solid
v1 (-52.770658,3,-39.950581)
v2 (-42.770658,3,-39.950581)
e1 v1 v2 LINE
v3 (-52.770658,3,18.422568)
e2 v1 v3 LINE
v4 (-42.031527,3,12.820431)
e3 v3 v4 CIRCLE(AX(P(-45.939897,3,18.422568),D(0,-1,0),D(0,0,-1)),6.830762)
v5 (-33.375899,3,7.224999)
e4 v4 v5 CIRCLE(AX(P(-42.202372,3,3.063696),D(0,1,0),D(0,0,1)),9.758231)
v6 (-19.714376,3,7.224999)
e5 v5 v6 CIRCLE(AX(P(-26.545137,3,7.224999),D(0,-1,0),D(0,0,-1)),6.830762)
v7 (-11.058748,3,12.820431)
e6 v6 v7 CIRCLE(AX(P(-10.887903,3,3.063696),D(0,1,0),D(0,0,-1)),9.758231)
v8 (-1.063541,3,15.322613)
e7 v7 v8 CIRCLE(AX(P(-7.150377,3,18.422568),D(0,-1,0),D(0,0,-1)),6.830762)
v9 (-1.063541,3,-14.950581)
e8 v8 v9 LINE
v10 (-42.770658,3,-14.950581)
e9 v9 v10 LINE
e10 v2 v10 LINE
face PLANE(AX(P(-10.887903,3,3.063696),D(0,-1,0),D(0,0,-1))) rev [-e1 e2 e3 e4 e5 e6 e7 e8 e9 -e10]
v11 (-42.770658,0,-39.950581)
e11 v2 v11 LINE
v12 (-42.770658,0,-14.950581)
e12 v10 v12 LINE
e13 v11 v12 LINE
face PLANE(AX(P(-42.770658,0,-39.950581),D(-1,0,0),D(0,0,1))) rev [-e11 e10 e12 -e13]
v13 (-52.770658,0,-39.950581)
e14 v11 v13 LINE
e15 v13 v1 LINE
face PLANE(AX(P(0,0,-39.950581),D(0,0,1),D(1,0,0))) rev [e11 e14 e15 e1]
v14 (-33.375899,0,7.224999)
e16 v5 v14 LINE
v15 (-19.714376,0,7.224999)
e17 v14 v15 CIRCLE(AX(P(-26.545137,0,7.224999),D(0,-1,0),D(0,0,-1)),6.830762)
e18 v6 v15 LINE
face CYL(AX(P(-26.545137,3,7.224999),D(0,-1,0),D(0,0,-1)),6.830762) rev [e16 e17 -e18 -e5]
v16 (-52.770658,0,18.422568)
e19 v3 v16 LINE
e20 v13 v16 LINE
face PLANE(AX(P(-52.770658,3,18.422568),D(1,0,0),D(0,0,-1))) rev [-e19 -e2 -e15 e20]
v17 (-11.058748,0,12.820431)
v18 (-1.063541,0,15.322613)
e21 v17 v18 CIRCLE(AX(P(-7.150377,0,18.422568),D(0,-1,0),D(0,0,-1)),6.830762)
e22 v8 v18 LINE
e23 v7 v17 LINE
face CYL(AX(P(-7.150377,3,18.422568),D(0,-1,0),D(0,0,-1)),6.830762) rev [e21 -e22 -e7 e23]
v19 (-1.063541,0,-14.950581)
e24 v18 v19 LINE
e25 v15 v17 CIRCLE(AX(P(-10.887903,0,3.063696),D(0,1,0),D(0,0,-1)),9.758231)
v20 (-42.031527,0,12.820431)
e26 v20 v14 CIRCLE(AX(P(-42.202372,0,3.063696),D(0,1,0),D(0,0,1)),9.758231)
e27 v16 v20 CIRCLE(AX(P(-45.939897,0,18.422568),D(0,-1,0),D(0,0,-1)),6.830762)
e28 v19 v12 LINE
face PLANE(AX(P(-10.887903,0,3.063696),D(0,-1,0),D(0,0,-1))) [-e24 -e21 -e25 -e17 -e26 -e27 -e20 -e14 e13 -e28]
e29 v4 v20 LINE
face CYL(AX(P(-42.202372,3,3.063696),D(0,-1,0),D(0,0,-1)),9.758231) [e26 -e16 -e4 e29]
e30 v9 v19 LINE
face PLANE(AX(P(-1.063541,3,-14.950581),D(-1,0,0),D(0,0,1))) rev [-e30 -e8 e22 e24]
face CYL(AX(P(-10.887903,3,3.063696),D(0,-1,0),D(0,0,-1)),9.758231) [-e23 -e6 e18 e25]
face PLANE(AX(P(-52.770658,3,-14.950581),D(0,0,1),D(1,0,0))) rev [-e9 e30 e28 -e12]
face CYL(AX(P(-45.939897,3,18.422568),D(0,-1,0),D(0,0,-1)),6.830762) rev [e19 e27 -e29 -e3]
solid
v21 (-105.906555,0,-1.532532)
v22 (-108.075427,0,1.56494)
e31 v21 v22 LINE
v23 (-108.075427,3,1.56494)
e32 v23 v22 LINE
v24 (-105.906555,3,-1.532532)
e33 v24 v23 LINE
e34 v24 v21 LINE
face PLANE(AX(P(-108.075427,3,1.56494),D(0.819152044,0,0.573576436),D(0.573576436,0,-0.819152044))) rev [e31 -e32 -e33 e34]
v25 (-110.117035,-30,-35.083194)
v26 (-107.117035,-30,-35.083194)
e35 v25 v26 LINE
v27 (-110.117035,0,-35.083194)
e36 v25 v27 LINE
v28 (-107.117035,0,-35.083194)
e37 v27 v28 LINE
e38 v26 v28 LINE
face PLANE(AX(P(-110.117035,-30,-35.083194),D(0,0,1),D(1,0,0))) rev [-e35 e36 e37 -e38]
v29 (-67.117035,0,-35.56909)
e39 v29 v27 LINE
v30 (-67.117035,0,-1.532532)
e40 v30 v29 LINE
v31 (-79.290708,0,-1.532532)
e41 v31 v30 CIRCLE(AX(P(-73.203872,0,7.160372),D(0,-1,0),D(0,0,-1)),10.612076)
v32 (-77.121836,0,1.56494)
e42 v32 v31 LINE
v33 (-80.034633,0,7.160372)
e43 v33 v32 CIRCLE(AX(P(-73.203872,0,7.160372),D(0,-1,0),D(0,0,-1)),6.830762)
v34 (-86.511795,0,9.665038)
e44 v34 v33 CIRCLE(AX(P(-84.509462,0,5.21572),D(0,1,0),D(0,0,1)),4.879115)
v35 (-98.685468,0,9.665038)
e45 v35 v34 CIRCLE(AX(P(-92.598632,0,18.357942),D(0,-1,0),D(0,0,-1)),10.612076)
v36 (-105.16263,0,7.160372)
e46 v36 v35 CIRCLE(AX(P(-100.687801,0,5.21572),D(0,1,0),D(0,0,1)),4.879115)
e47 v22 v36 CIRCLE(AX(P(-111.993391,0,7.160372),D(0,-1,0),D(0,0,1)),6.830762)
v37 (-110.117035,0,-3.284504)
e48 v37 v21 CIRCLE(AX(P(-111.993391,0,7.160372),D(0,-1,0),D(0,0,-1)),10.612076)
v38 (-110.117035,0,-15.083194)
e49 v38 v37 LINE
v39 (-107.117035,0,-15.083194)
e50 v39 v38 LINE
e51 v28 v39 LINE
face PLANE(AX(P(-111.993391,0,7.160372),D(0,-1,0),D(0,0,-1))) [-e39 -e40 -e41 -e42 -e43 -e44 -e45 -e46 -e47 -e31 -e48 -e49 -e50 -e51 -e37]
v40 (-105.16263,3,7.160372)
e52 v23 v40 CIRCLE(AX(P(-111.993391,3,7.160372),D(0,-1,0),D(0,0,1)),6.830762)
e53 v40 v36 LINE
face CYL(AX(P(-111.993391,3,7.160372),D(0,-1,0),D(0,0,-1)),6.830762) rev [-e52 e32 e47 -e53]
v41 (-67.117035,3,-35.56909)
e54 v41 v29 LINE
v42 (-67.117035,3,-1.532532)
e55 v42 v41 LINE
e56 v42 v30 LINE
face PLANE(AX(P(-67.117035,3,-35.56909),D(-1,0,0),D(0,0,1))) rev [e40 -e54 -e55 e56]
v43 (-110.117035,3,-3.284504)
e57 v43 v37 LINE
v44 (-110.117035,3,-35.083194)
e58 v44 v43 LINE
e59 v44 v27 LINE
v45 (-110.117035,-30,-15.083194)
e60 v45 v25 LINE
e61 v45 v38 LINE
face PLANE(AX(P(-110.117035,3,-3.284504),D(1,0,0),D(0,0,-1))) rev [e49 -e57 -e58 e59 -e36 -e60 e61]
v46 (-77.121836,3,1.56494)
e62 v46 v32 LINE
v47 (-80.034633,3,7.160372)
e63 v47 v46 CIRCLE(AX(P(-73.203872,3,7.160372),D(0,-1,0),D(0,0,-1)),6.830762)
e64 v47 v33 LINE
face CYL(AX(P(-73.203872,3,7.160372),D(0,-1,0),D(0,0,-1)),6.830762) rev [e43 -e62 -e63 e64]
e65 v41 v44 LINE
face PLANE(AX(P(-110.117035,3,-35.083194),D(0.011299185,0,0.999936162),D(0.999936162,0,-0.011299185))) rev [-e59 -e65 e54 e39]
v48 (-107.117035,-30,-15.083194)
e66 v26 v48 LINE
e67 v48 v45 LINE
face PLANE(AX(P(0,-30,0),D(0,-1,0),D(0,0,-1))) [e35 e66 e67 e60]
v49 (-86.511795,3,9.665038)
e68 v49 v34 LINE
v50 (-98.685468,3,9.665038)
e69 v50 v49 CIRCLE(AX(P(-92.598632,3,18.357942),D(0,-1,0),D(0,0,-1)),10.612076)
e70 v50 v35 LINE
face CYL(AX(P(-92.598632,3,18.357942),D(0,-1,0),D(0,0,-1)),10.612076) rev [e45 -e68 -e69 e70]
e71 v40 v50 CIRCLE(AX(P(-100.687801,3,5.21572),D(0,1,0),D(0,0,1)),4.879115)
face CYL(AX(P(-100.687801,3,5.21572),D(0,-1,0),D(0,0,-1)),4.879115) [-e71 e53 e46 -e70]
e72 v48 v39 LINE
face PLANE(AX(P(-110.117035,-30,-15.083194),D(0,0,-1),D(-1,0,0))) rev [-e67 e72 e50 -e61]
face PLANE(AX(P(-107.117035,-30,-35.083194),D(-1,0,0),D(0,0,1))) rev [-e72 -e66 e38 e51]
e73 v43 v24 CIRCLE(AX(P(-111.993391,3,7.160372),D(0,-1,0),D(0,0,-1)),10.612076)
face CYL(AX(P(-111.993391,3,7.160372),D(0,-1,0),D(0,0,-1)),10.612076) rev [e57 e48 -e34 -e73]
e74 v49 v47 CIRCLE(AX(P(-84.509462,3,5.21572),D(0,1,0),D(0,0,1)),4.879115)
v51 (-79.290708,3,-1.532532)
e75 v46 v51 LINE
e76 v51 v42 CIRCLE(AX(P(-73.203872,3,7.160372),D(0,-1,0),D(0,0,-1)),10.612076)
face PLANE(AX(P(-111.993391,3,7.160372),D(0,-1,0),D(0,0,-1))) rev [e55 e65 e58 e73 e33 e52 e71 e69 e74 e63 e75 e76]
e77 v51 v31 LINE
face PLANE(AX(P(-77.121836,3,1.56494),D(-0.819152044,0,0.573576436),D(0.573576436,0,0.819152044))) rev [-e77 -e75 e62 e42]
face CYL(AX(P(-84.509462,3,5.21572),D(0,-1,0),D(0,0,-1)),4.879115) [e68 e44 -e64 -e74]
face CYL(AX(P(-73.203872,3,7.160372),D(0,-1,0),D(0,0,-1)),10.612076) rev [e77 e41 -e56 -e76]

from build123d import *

# Parameters (mm, degrees)
BOSS_EXTRUDE1_DEPTH   = 3
BOSS_EXTRUDE1_2_DEPTH = 3
SKETCH3_W             = 10
SKETCH3_H             = 3
BOSS_EXTRUDE2_DEPTH   = 25
SKETCH4_W             = 3
SKETCH4_H             = 20
BOSS_EXTRUDE3_DEPTH   = 30


with BuildPart() as part:
    # Sketch1 → Boss-Extrude1 (new body)
    with BuildSketch(Plane(origin=(0, 0, 0), x_dir=(1, 0, 0), z_dir=(0, 1, 0))):
        with BuildLine():
            Line((-108.075427433, -1.564939748), (-105.906554588, 1.532531683))
            ThreePointArc((-105.906554588, 1.532531683), (-107.916571134, 2.63736717), (-110.11703504, 3.284504381))
            Line((-110.11703504, 3.284504381), (-110.11703504, 15.083193879))
            Line((-110.11703504, 15.083193879), (-110.11703504, 35.083193879))
            Line((-110.11703504, 35.083193879), (-67.11703504, 35.569089871))
            Line((-67.11703504, 35.569089871), (-67.11703504, 15.01520735))
            Line((-67.11703504, 15.01520735), (-67.11703504, 1.532531683))
            ThreePointArc((-67.11703504, 1.532531683), (-73.203871736, 3.451703921), (-79.290708431, 1.532531683))
            Line((-79.290708431, 1.532531683), (-77.121835585, -1.564939748))
            ThreePointArc((-77.121835585, -1.564939748), (-79.262831202, -4.006277352), (-80.034633255, -7.16037201))
            ThreePointArc((-80.034633255, -7.16037201), (-82.749732839, -9.766447293), (-86.511794814, -9.665038093))
            ThreePointArc((-86.511794814, -9.665038093), (-92.598631509, -7.745865855), (-98.685468204, -9.665038093))
            ThreePointArc((-98.685468204, -9.665038093), (-102.447530179, -9.766447293), (-105.162629764, -7.16037201))
            ThreePointArc((-105.162629764, -7.16037201), (-105.934431817, -4.006277352), (-108.075427433, -1.564939748))
        make_face()
    extrude(amount=BOSS_EXTRUDE1_DEPTH)

    # Sketch4 → Boss-Extrude3 (add)
    with BuildSketch(Plane.XZ):
        with Locations((-108.61703504, -25.083193879)):
            Rectangle(SKETCH4_W, SKETCH4_H)
    extrude(amount=BOSS_EXTRUDE3_DEPTH)


with BuildPart() as body_2:
    # Sketch1 → Boss-Extrude1 2 (new body)
    with BuildSketch(Plane(origin=(0, 0, 0), x_dir=(1, 0, 0), z_dir=(0, 1, 0))):
        with BuildLine():
            Line((-52.770658442, -18.42256832), (-52.770658442, 14.950580817))
            Line((-52.770658442, 14.950580817), (-1.06354068, 14.950580817))
            Line((-1.06354068, 14.950580817), (-1.06354068, -15.322613163))
            ThreePointArc((-1.06354068, -15.322613163), (-5.491565113, -11.796283931), (-11.058747651, -12.820430807))
            ThreePointArc((-11.058747651, -12.820430807), (-16.18555762, -11.25868924), (-19.71437563, -7.224998544))
            ThreePointArc((-19.71437563, -7.224998544), (-26.545137149, -0.394237025), (-33.375898669, -7.224998544))
            ThreePointArc((-33.375898669, -7.224998544), (-36.904716678, -11.25868924), (-42.031526647, -12.820430807))
            ThreePointArc((-42.031526647, -12.820430807), (-49.099181466, -12.366313363), (-52.770658442, -18.42256832))
        make_face()
    extrude(amount=BOSS_EXTRUDE1_2_DEPTH)

    # Sketch3 → Boss-Extrude2 (add)
    with BuildSketch(Plane(origin=(0, 0, -14.950580817), x_dir=(-1, 0, 0), z_dir=(0, 0, -1))):
        with Locations((47.770658442, 1.5)):
            Rectangle(SKETCH3_W, SKETCH3_H)
    extrude(amount=BOSS_EXTRUDE2_DEPTH)


solid = Compound([part.part, body_2.part])
